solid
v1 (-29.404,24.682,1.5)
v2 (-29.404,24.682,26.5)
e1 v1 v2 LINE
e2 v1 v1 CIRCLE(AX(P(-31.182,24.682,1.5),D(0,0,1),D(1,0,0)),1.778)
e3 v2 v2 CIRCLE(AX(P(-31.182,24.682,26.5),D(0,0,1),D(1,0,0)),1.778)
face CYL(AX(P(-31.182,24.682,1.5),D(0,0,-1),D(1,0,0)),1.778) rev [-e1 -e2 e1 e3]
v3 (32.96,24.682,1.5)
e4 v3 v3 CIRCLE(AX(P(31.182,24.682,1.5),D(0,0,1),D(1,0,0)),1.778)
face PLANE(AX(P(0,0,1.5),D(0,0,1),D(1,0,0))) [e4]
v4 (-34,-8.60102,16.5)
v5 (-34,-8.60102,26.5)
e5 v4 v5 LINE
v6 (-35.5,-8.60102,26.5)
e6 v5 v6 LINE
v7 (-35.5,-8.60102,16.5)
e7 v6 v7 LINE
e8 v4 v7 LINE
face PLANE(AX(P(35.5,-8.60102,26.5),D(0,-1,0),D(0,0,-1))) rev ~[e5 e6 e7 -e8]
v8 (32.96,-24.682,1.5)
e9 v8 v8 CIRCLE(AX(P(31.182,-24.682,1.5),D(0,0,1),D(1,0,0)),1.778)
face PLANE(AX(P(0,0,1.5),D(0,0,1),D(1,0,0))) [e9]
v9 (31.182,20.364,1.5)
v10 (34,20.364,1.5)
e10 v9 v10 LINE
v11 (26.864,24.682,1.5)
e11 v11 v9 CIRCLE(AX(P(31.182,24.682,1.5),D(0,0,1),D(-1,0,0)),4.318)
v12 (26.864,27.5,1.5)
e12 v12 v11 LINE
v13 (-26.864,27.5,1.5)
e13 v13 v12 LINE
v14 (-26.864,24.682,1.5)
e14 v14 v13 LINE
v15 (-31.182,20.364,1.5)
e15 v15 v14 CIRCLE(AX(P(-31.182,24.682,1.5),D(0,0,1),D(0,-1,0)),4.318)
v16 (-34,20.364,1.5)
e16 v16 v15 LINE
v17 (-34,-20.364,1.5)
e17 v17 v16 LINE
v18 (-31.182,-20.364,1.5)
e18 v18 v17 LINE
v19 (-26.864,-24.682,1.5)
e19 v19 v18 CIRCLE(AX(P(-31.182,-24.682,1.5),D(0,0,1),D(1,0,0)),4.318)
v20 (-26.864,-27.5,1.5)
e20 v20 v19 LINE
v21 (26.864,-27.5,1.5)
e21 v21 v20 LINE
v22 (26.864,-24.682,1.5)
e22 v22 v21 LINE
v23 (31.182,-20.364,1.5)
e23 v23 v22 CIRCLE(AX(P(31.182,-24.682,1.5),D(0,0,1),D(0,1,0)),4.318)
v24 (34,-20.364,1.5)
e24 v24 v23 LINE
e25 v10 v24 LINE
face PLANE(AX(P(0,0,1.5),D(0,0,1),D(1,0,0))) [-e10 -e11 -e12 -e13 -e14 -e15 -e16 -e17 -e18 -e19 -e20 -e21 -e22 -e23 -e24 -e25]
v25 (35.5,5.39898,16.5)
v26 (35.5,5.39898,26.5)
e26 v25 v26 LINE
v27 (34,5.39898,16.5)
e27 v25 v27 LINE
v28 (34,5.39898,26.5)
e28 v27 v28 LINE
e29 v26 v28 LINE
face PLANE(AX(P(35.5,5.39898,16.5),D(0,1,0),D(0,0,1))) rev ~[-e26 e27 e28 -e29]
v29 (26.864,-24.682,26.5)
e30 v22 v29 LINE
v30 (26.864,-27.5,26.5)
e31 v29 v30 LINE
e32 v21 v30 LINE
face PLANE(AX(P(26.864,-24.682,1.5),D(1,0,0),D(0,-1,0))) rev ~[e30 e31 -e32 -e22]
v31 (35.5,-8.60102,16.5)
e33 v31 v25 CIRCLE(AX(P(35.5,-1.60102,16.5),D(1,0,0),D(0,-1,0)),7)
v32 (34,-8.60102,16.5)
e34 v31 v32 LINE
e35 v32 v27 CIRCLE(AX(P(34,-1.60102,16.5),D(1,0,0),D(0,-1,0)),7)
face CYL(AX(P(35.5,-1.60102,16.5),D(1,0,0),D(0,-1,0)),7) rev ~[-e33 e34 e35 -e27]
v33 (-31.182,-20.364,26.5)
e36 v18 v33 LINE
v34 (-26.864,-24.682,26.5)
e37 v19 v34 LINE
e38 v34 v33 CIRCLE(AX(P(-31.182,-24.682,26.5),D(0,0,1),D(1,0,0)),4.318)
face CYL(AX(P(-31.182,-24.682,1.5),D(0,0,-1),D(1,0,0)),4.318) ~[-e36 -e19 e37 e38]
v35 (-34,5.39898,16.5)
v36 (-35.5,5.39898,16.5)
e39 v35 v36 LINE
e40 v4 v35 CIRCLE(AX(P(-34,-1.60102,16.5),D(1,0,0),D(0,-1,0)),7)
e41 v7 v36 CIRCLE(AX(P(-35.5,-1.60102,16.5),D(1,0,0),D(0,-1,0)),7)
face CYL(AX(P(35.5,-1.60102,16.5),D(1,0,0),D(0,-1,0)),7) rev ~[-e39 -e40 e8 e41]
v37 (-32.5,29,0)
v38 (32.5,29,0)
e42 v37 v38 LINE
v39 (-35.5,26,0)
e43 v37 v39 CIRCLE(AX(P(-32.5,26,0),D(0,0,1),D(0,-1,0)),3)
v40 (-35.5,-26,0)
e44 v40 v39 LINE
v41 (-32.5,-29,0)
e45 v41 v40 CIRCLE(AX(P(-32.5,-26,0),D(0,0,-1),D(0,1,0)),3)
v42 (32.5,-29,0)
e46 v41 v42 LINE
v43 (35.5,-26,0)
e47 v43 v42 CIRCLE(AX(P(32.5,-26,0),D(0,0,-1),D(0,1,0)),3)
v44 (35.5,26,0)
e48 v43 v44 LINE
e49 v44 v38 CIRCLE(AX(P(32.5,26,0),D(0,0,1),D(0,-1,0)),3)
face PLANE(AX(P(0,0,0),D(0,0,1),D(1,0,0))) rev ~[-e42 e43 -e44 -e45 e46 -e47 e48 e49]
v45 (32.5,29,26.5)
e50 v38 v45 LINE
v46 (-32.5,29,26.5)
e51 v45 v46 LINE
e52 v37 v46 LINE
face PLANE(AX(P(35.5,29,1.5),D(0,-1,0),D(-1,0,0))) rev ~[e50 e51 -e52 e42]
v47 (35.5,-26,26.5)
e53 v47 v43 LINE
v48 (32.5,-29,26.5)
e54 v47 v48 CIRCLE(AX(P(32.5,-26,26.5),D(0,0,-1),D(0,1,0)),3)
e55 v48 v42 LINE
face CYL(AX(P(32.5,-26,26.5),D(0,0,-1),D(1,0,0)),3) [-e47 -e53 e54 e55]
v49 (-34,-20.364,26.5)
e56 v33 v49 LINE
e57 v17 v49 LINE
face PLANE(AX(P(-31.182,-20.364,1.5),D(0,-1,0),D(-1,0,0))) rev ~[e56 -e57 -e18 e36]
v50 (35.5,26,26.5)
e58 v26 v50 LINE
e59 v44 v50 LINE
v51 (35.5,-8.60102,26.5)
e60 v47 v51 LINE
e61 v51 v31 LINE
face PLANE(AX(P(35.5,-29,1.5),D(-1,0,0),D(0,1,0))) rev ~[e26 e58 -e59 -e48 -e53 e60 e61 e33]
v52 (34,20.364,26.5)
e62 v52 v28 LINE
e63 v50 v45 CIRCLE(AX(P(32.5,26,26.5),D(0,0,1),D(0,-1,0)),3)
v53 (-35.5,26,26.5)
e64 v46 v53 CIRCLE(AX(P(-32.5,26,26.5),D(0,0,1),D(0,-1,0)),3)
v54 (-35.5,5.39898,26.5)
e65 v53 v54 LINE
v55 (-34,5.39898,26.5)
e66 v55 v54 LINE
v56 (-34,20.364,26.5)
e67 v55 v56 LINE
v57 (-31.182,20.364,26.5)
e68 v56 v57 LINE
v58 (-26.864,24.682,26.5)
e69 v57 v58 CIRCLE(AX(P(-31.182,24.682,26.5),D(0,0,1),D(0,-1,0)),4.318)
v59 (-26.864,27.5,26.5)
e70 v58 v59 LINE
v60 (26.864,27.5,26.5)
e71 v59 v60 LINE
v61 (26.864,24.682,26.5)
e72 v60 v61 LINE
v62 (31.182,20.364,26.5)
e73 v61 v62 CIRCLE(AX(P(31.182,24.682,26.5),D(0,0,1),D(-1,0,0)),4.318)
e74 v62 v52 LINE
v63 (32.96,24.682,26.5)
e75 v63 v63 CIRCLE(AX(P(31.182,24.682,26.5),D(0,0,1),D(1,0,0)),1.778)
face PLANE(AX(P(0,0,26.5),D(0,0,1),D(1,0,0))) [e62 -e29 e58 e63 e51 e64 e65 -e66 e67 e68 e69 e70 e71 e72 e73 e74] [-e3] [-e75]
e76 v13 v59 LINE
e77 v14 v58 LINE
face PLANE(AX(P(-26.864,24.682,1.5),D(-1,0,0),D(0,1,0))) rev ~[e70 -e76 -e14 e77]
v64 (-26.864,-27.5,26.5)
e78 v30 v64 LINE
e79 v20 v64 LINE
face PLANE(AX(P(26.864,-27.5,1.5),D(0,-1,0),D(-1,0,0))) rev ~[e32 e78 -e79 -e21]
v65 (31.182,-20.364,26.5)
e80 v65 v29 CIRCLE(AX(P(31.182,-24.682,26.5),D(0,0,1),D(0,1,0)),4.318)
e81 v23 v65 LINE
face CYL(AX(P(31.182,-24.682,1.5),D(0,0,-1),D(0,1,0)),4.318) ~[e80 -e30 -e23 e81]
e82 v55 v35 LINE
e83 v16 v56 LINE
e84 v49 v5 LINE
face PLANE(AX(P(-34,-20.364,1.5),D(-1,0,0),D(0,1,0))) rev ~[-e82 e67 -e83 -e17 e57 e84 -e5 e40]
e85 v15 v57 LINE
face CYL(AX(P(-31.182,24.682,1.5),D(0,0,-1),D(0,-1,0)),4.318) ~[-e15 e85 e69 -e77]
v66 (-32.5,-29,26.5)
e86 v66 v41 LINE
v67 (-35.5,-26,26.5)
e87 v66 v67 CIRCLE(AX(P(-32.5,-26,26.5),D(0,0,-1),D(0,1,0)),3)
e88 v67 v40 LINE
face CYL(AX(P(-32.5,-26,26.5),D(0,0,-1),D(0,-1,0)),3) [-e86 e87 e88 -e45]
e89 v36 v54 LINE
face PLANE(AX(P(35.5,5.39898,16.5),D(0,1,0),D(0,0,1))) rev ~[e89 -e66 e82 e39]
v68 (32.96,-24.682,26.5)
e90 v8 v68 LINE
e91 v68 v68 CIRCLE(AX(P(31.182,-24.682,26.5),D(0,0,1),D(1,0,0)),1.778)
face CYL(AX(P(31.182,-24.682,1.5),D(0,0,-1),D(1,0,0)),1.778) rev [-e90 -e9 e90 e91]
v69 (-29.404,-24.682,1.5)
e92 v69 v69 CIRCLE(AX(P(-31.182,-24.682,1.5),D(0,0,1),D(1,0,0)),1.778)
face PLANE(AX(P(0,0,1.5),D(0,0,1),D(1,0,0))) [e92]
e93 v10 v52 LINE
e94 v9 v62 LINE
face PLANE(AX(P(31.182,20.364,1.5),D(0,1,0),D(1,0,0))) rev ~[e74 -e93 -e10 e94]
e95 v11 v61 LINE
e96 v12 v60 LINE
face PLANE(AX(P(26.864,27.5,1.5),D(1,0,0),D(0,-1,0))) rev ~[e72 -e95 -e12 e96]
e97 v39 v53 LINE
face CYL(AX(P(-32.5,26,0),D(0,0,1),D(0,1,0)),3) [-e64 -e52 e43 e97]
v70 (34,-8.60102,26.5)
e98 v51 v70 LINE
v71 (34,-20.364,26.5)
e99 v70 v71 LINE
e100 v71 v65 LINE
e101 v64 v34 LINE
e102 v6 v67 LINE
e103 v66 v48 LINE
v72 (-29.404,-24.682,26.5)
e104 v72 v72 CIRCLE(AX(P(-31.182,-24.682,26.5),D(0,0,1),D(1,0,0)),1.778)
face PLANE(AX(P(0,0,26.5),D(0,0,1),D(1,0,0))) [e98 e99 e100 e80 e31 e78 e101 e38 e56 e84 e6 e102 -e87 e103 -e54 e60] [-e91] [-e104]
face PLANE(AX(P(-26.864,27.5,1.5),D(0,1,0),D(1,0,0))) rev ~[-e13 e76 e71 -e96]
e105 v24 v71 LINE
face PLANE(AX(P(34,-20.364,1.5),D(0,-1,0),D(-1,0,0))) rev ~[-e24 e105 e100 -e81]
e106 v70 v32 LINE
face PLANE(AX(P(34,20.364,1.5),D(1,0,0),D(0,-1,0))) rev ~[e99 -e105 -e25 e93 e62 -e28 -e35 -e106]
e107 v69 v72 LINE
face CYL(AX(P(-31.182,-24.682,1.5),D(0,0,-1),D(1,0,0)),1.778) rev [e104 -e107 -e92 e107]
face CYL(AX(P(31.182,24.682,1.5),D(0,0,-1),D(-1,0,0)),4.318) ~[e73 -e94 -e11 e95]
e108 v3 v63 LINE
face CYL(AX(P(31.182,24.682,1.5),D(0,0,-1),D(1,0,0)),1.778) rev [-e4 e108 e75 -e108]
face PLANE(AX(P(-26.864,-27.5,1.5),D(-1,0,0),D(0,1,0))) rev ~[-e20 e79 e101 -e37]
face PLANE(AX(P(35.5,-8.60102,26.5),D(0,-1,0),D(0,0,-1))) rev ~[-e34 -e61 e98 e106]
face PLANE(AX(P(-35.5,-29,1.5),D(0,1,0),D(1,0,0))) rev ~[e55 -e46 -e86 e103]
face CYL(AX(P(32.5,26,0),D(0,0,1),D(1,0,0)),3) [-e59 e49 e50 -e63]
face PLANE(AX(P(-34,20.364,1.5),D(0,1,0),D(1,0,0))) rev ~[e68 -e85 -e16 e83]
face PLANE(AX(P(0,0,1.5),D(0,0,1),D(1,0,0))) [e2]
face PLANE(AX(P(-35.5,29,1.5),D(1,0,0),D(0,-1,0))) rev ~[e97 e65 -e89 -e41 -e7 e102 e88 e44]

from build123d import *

# Parameters (mm, degrees)
F0_W     = 71
F0_H     = 58
F1_DEPTH = 1.5
F3_R     = 1.778
F4_DEPTH = 25
F6_DEPTH = 71.001
F7_R     = 3


with BuildPart() as f1:
    # F0 (on Top) → F1 (new body)
    with BuildSketch(Plane.XY):
        Rectangle(F0_W, F0_H)
    extrude(amount=F1_DEPTH)

    # F3 (on face) → F4 (join)
    with BuildSketch(Plane.XY.offset(1.5)):
        Polygon((35.5, -29), (35.5, 29), (-31.925, 29), (-35.5, 29), (-35.5, 23.9875), (-35.5, -29), align=None)
        with Locations((-31.182, -24.682)):
            Circle(F3_R, mode=Mode.SUBTRACT)
        with Locations((31.182, -24.682)):
            Circle(F3_R, mode=Mode.SUBTRACT)
        with Locations((-31.182, 24.682)):
            Circle(F3_R, mode=Mode.SUBTRACT)
        with BuildLine():
            Line((-26.864, 27.5), (26.864, 27.5))
            Line((26.864, 27.5), (26.864, 24.682))
            ThreePointArc((26.864, 24.682), (28.1287129188, 21.6287129188), (31.182, 20.364))
            Line((31.182, 20.364), (34, 20.364))
            Line((34, 20.364), (34, -20.364))
            Line((34, -20.364), (31.182, -20.364))
            ThreePointArc((31.182, -20.364), (28.1287129188, -21.6287129188), (26.864, -24.682))
            Line((26.864, -24.682), (26.864, -27.5))
            Line((26.864, -27.5), (-26.864, -27.5))
            Line((-26.864, -27.5), (-26.864, -24.682))
            ThreePointArc((-26.864, -24.682), (-28.1287129188, -21.6287129188), (-31.182, -20.364))
            Line((-31.182, -20.364), (-34, -20.364))
            Line((-34, -20.364), (-34, 20.364))
            Line((-34, 20.364), (-31.182, 20.364))
            ThreePointArc((-31.182, 20.364), (-28.1287129188, 21.6287129188), (-26.864, 24.682))
            Line((-26.864, 24.682), (-26.864, 27.5))
        make_face(mode=Mode.SUBTRACT)
        with Locations((31.182, 24.682)):
            Circle(F3_R, mode=Mode.SUBTRACT)
    extrude(amount=F4_DEPTH)

    # F5 (on face) → F6 (cut, through all)
    with BuildSketch(Plane.YZ.offset(35.5)):
        with BuildLine():
            Line((-8.60102, 26.5), (-8.60102, 16.5))
            ThreePointArc((-8.60102, 16.5), (-1.60102, 9.5), (5.39898, 16.5))
            Line((5.39898, 16.5), (5.39898, 26.5))
            Line((5.39898, 26.5), (-8.60102, 26.5))
        make_face()
    extrude(amount=-F6_DEPTH, mode=Mode.SUBTRACT)

    # F7
    f7_edges = [f1.edges().sort_by_distance(p)[0] for p in [
        (35.5, 29, 13.25),
        (35.5, -29, 13.25),
        (-35.5, 29, 13.25),
        (-35.5, -29, 13.25),
    ]]
    fillet(f7_edges, radius=F7_R)


solid = f1.part
